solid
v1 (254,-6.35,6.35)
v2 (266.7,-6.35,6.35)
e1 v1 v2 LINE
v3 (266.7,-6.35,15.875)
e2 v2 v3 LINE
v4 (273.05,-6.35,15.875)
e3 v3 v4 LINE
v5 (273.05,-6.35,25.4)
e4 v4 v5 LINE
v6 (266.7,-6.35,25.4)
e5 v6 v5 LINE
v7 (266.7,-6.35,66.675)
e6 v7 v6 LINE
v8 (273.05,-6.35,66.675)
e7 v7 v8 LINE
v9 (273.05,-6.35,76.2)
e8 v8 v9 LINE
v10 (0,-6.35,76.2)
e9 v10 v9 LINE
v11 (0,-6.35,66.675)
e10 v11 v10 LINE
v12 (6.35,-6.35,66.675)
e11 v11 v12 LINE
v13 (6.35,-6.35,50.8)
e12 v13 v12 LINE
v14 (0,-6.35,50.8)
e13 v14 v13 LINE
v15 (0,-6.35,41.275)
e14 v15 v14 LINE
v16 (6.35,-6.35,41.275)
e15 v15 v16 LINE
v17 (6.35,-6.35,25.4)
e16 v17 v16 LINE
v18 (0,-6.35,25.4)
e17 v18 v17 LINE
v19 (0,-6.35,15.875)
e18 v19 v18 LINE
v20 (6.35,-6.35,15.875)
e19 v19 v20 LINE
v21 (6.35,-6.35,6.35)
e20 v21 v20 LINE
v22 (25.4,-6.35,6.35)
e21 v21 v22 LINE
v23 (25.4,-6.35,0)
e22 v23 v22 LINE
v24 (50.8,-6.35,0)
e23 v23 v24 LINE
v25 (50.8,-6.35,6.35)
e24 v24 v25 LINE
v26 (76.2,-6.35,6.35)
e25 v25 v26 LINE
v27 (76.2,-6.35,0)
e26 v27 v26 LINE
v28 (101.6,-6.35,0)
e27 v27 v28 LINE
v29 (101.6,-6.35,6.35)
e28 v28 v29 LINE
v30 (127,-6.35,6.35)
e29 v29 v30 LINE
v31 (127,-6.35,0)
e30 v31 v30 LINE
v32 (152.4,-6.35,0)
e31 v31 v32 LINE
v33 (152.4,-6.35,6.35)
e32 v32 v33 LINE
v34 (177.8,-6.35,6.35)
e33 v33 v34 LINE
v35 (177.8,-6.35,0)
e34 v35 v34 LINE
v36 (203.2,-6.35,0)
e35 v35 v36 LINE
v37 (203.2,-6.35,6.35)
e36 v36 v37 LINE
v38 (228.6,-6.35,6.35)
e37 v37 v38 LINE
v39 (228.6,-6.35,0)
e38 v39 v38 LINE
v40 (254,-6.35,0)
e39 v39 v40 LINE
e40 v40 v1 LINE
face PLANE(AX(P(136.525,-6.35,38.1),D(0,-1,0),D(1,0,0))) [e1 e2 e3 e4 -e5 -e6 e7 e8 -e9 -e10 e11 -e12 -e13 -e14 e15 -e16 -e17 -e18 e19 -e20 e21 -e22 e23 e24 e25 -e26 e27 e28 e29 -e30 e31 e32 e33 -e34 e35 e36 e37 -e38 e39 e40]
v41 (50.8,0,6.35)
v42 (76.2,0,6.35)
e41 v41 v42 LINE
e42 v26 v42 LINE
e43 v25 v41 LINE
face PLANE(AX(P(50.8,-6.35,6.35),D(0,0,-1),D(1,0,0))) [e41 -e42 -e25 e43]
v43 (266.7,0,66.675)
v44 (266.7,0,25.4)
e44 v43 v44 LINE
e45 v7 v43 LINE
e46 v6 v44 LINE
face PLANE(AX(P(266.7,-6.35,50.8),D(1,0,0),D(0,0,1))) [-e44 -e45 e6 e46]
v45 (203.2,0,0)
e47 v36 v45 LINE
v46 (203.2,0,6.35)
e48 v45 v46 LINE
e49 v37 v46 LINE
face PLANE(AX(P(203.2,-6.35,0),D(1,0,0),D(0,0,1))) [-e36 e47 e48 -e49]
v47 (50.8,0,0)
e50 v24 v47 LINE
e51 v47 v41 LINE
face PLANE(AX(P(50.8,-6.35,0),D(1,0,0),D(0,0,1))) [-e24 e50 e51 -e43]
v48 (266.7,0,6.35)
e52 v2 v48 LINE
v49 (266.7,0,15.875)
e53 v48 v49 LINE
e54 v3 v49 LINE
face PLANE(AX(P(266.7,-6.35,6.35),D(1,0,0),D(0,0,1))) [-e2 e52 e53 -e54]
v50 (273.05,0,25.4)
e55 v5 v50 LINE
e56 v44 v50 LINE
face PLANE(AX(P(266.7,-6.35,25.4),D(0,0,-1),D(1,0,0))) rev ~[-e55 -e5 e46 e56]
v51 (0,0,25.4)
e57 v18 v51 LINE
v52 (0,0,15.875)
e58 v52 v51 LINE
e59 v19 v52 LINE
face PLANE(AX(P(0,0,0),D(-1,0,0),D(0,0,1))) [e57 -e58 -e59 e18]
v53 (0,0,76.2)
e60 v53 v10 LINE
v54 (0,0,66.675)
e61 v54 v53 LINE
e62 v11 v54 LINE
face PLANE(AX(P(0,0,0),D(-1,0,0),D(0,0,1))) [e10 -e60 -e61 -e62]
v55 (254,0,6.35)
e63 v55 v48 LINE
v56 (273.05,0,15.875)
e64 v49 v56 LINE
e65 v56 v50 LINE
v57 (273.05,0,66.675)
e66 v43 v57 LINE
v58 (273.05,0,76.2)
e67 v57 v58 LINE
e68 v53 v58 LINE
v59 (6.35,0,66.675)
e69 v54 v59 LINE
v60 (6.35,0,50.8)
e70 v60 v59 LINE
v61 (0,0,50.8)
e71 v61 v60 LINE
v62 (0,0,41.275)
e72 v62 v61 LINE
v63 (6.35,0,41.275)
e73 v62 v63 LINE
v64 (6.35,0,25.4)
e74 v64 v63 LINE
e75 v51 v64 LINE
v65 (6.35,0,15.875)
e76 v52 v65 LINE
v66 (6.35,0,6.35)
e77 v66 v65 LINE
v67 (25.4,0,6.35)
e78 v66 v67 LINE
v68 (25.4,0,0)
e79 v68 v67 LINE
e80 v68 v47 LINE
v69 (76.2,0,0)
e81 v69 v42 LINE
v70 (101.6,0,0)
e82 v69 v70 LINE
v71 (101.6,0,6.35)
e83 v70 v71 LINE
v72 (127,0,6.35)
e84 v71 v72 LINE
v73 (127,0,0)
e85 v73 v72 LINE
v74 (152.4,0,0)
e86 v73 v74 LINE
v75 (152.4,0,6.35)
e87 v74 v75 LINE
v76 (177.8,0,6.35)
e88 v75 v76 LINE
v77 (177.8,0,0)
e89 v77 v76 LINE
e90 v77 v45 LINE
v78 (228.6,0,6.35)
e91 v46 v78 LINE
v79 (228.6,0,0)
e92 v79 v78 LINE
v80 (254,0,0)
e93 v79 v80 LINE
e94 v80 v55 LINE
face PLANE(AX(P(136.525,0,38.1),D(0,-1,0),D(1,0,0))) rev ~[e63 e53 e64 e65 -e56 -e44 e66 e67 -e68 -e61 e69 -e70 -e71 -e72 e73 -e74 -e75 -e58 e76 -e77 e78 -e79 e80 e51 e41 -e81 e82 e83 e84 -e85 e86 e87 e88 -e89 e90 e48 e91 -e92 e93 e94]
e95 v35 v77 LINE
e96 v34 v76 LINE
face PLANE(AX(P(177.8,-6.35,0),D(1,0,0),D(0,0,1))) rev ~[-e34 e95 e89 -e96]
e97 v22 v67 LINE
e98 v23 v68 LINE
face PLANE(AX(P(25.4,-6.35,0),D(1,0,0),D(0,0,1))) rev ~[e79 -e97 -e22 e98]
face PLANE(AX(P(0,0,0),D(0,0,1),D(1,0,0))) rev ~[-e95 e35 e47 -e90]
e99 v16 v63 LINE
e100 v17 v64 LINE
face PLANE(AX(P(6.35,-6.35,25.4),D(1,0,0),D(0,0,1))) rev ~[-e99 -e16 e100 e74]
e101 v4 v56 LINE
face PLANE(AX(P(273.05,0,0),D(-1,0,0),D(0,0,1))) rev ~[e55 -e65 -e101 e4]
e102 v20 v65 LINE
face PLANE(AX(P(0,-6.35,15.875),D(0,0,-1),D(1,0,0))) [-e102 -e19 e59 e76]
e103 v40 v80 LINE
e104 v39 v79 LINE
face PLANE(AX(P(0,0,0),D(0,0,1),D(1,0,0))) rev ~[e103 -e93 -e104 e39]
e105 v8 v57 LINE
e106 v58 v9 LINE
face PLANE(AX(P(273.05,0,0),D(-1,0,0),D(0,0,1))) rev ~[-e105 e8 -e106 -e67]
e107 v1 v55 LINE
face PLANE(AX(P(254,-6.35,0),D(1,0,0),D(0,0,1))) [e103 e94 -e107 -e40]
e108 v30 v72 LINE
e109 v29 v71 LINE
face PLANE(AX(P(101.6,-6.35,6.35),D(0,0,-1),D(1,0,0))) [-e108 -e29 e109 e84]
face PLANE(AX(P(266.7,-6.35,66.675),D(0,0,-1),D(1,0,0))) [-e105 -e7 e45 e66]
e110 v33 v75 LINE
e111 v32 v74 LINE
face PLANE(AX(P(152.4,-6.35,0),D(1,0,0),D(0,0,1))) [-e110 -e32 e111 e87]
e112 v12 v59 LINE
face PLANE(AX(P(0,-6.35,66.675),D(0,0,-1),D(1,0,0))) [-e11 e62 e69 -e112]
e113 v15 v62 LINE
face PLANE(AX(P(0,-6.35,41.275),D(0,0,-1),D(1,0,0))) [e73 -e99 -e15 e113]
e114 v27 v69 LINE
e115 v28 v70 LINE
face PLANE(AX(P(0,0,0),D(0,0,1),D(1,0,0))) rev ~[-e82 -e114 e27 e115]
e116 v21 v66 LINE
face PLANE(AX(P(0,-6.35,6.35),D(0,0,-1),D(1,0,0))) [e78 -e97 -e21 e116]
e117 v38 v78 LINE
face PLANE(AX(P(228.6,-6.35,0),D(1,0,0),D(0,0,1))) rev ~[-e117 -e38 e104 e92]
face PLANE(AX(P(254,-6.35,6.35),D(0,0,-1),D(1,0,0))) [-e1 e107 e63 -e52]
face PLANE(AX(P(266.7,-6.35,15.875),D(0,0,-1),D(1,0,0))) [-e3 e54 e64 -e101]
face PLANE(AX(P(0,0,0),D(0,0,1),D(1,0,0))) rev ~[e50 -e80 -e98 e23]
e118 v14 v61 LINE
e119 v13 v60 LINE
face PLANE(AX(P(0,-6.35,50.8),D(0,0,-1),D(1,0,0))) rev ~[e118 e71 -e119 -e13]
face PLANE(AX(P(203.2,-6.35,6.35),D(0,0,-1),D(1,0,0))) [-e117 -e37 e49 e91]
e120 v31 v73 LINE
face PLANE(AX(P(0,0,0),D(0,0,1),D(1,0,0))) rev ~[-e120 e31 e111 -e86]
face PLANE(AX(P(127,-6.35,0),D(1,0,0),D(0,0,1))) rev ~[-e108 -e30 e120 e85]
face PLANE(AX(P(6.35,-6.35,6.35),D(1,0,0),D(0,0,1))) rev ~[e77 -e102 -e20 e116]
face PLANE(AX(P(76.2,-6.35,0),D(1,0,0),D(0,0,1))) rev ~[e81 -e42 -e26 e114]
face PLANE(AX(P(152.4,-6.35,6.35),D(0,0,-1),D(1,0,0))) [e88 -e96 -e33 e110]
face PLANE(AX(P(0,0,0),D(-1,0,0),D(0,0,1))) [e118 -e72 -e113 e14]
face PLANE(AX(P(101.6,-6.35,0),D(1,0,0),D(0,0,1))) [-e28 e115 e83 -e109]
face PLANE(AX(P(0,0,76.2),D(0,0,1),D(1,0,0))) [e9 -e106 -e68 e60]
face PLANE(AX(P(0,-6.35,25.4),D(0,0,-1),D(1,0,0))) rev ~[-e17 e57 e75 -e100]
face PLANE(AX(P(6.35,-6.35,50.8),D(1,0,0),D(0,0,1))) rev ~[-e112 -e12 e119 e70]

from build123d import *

# Parameters (mm, degrees)
F0_W     = 273.05
F0_H     = 76.2
F1_DEPTH = 6.35
F2_W     = 6.35
F2_H     = 15.875
F2_H_2   = 9.525
F3_DEPTH = 6.35
F4_W     = 25.4
F4_H     = 6.35
F5_DEPTH = 6.351
F6_W     = 6.35
F6_H     = 9.525
F7_DEPTH = 6.35


with BuildPart() as f1:
    # F0 (on Front) → F1 (new body)
    with BuildSketch(Plane.XZ):
        with Locations((136.525, 38.1)):
            Rectangle(F0_W, F0_H)
    extrude(amount=F1_DEPTH)

    # F2 (on face) → F3 (cut, through all)
    with BuildSketch(Plane.XZ.offset(6.35)):
        with Locations((3.175, 58.7375)):
            Rectangle(F2_W, F2_H)
        with Locations((3.175, 33.3375)):
            Rectangle(F2_W, F2_H)
        with Locations((3.175, 11.1125)):
            Rectangle(F2_W, F2_H_2)
        with Locations((269.875, 11.1125)):
            Rectangle(F2_W, F2_H_2)
        with Locations((269.875, 33.3375)):
            Rectangle(F2_W, F2_H)
        with Locations((269.875, 58.7375)):
            Rectangle(F2_W, F2_H)
    extrude(amount=-F3_DEPTH, mode=Mode.SUBTRACT)

    # F4 (on face) → F5 (cut, through all)
    with BuildSketch(Plane.XZ.offset(6.35)):
        with Locations((12.7, 3.175)):
            Rectangle(F4_W, F4_H)
        with Locations((63.5, 3.175)):
            Rectangle(F4_W, F4_H)
        with Locations((114.3, 3.175)):
            Rectangle(F4_W, F4_H)
        with Locations((165.1, 3.175)):
            Rectangle(F4_W, F4_H)
        with Locations((215.9, 3.175)):
            Rectangle(F4_W, F4_H)
        with Locations((266.7, 3.175)):
            Rectangle(F4_W, F4_H)
    extrude(amount=-F5_DEPTH, mode=Mode.SUBTRACT)

    # F6 (on face) → F7 (cut, through all)
    with BuildSketch(Plane.XZ.offset(6.35)):
        with Locations((269.875, 46.0375)):
            Rectangle(F6_W, F6_H)
    extrude(amount=-F7_DEPTH, mode=Mode.SUBTRACT)


solid = f1.part
